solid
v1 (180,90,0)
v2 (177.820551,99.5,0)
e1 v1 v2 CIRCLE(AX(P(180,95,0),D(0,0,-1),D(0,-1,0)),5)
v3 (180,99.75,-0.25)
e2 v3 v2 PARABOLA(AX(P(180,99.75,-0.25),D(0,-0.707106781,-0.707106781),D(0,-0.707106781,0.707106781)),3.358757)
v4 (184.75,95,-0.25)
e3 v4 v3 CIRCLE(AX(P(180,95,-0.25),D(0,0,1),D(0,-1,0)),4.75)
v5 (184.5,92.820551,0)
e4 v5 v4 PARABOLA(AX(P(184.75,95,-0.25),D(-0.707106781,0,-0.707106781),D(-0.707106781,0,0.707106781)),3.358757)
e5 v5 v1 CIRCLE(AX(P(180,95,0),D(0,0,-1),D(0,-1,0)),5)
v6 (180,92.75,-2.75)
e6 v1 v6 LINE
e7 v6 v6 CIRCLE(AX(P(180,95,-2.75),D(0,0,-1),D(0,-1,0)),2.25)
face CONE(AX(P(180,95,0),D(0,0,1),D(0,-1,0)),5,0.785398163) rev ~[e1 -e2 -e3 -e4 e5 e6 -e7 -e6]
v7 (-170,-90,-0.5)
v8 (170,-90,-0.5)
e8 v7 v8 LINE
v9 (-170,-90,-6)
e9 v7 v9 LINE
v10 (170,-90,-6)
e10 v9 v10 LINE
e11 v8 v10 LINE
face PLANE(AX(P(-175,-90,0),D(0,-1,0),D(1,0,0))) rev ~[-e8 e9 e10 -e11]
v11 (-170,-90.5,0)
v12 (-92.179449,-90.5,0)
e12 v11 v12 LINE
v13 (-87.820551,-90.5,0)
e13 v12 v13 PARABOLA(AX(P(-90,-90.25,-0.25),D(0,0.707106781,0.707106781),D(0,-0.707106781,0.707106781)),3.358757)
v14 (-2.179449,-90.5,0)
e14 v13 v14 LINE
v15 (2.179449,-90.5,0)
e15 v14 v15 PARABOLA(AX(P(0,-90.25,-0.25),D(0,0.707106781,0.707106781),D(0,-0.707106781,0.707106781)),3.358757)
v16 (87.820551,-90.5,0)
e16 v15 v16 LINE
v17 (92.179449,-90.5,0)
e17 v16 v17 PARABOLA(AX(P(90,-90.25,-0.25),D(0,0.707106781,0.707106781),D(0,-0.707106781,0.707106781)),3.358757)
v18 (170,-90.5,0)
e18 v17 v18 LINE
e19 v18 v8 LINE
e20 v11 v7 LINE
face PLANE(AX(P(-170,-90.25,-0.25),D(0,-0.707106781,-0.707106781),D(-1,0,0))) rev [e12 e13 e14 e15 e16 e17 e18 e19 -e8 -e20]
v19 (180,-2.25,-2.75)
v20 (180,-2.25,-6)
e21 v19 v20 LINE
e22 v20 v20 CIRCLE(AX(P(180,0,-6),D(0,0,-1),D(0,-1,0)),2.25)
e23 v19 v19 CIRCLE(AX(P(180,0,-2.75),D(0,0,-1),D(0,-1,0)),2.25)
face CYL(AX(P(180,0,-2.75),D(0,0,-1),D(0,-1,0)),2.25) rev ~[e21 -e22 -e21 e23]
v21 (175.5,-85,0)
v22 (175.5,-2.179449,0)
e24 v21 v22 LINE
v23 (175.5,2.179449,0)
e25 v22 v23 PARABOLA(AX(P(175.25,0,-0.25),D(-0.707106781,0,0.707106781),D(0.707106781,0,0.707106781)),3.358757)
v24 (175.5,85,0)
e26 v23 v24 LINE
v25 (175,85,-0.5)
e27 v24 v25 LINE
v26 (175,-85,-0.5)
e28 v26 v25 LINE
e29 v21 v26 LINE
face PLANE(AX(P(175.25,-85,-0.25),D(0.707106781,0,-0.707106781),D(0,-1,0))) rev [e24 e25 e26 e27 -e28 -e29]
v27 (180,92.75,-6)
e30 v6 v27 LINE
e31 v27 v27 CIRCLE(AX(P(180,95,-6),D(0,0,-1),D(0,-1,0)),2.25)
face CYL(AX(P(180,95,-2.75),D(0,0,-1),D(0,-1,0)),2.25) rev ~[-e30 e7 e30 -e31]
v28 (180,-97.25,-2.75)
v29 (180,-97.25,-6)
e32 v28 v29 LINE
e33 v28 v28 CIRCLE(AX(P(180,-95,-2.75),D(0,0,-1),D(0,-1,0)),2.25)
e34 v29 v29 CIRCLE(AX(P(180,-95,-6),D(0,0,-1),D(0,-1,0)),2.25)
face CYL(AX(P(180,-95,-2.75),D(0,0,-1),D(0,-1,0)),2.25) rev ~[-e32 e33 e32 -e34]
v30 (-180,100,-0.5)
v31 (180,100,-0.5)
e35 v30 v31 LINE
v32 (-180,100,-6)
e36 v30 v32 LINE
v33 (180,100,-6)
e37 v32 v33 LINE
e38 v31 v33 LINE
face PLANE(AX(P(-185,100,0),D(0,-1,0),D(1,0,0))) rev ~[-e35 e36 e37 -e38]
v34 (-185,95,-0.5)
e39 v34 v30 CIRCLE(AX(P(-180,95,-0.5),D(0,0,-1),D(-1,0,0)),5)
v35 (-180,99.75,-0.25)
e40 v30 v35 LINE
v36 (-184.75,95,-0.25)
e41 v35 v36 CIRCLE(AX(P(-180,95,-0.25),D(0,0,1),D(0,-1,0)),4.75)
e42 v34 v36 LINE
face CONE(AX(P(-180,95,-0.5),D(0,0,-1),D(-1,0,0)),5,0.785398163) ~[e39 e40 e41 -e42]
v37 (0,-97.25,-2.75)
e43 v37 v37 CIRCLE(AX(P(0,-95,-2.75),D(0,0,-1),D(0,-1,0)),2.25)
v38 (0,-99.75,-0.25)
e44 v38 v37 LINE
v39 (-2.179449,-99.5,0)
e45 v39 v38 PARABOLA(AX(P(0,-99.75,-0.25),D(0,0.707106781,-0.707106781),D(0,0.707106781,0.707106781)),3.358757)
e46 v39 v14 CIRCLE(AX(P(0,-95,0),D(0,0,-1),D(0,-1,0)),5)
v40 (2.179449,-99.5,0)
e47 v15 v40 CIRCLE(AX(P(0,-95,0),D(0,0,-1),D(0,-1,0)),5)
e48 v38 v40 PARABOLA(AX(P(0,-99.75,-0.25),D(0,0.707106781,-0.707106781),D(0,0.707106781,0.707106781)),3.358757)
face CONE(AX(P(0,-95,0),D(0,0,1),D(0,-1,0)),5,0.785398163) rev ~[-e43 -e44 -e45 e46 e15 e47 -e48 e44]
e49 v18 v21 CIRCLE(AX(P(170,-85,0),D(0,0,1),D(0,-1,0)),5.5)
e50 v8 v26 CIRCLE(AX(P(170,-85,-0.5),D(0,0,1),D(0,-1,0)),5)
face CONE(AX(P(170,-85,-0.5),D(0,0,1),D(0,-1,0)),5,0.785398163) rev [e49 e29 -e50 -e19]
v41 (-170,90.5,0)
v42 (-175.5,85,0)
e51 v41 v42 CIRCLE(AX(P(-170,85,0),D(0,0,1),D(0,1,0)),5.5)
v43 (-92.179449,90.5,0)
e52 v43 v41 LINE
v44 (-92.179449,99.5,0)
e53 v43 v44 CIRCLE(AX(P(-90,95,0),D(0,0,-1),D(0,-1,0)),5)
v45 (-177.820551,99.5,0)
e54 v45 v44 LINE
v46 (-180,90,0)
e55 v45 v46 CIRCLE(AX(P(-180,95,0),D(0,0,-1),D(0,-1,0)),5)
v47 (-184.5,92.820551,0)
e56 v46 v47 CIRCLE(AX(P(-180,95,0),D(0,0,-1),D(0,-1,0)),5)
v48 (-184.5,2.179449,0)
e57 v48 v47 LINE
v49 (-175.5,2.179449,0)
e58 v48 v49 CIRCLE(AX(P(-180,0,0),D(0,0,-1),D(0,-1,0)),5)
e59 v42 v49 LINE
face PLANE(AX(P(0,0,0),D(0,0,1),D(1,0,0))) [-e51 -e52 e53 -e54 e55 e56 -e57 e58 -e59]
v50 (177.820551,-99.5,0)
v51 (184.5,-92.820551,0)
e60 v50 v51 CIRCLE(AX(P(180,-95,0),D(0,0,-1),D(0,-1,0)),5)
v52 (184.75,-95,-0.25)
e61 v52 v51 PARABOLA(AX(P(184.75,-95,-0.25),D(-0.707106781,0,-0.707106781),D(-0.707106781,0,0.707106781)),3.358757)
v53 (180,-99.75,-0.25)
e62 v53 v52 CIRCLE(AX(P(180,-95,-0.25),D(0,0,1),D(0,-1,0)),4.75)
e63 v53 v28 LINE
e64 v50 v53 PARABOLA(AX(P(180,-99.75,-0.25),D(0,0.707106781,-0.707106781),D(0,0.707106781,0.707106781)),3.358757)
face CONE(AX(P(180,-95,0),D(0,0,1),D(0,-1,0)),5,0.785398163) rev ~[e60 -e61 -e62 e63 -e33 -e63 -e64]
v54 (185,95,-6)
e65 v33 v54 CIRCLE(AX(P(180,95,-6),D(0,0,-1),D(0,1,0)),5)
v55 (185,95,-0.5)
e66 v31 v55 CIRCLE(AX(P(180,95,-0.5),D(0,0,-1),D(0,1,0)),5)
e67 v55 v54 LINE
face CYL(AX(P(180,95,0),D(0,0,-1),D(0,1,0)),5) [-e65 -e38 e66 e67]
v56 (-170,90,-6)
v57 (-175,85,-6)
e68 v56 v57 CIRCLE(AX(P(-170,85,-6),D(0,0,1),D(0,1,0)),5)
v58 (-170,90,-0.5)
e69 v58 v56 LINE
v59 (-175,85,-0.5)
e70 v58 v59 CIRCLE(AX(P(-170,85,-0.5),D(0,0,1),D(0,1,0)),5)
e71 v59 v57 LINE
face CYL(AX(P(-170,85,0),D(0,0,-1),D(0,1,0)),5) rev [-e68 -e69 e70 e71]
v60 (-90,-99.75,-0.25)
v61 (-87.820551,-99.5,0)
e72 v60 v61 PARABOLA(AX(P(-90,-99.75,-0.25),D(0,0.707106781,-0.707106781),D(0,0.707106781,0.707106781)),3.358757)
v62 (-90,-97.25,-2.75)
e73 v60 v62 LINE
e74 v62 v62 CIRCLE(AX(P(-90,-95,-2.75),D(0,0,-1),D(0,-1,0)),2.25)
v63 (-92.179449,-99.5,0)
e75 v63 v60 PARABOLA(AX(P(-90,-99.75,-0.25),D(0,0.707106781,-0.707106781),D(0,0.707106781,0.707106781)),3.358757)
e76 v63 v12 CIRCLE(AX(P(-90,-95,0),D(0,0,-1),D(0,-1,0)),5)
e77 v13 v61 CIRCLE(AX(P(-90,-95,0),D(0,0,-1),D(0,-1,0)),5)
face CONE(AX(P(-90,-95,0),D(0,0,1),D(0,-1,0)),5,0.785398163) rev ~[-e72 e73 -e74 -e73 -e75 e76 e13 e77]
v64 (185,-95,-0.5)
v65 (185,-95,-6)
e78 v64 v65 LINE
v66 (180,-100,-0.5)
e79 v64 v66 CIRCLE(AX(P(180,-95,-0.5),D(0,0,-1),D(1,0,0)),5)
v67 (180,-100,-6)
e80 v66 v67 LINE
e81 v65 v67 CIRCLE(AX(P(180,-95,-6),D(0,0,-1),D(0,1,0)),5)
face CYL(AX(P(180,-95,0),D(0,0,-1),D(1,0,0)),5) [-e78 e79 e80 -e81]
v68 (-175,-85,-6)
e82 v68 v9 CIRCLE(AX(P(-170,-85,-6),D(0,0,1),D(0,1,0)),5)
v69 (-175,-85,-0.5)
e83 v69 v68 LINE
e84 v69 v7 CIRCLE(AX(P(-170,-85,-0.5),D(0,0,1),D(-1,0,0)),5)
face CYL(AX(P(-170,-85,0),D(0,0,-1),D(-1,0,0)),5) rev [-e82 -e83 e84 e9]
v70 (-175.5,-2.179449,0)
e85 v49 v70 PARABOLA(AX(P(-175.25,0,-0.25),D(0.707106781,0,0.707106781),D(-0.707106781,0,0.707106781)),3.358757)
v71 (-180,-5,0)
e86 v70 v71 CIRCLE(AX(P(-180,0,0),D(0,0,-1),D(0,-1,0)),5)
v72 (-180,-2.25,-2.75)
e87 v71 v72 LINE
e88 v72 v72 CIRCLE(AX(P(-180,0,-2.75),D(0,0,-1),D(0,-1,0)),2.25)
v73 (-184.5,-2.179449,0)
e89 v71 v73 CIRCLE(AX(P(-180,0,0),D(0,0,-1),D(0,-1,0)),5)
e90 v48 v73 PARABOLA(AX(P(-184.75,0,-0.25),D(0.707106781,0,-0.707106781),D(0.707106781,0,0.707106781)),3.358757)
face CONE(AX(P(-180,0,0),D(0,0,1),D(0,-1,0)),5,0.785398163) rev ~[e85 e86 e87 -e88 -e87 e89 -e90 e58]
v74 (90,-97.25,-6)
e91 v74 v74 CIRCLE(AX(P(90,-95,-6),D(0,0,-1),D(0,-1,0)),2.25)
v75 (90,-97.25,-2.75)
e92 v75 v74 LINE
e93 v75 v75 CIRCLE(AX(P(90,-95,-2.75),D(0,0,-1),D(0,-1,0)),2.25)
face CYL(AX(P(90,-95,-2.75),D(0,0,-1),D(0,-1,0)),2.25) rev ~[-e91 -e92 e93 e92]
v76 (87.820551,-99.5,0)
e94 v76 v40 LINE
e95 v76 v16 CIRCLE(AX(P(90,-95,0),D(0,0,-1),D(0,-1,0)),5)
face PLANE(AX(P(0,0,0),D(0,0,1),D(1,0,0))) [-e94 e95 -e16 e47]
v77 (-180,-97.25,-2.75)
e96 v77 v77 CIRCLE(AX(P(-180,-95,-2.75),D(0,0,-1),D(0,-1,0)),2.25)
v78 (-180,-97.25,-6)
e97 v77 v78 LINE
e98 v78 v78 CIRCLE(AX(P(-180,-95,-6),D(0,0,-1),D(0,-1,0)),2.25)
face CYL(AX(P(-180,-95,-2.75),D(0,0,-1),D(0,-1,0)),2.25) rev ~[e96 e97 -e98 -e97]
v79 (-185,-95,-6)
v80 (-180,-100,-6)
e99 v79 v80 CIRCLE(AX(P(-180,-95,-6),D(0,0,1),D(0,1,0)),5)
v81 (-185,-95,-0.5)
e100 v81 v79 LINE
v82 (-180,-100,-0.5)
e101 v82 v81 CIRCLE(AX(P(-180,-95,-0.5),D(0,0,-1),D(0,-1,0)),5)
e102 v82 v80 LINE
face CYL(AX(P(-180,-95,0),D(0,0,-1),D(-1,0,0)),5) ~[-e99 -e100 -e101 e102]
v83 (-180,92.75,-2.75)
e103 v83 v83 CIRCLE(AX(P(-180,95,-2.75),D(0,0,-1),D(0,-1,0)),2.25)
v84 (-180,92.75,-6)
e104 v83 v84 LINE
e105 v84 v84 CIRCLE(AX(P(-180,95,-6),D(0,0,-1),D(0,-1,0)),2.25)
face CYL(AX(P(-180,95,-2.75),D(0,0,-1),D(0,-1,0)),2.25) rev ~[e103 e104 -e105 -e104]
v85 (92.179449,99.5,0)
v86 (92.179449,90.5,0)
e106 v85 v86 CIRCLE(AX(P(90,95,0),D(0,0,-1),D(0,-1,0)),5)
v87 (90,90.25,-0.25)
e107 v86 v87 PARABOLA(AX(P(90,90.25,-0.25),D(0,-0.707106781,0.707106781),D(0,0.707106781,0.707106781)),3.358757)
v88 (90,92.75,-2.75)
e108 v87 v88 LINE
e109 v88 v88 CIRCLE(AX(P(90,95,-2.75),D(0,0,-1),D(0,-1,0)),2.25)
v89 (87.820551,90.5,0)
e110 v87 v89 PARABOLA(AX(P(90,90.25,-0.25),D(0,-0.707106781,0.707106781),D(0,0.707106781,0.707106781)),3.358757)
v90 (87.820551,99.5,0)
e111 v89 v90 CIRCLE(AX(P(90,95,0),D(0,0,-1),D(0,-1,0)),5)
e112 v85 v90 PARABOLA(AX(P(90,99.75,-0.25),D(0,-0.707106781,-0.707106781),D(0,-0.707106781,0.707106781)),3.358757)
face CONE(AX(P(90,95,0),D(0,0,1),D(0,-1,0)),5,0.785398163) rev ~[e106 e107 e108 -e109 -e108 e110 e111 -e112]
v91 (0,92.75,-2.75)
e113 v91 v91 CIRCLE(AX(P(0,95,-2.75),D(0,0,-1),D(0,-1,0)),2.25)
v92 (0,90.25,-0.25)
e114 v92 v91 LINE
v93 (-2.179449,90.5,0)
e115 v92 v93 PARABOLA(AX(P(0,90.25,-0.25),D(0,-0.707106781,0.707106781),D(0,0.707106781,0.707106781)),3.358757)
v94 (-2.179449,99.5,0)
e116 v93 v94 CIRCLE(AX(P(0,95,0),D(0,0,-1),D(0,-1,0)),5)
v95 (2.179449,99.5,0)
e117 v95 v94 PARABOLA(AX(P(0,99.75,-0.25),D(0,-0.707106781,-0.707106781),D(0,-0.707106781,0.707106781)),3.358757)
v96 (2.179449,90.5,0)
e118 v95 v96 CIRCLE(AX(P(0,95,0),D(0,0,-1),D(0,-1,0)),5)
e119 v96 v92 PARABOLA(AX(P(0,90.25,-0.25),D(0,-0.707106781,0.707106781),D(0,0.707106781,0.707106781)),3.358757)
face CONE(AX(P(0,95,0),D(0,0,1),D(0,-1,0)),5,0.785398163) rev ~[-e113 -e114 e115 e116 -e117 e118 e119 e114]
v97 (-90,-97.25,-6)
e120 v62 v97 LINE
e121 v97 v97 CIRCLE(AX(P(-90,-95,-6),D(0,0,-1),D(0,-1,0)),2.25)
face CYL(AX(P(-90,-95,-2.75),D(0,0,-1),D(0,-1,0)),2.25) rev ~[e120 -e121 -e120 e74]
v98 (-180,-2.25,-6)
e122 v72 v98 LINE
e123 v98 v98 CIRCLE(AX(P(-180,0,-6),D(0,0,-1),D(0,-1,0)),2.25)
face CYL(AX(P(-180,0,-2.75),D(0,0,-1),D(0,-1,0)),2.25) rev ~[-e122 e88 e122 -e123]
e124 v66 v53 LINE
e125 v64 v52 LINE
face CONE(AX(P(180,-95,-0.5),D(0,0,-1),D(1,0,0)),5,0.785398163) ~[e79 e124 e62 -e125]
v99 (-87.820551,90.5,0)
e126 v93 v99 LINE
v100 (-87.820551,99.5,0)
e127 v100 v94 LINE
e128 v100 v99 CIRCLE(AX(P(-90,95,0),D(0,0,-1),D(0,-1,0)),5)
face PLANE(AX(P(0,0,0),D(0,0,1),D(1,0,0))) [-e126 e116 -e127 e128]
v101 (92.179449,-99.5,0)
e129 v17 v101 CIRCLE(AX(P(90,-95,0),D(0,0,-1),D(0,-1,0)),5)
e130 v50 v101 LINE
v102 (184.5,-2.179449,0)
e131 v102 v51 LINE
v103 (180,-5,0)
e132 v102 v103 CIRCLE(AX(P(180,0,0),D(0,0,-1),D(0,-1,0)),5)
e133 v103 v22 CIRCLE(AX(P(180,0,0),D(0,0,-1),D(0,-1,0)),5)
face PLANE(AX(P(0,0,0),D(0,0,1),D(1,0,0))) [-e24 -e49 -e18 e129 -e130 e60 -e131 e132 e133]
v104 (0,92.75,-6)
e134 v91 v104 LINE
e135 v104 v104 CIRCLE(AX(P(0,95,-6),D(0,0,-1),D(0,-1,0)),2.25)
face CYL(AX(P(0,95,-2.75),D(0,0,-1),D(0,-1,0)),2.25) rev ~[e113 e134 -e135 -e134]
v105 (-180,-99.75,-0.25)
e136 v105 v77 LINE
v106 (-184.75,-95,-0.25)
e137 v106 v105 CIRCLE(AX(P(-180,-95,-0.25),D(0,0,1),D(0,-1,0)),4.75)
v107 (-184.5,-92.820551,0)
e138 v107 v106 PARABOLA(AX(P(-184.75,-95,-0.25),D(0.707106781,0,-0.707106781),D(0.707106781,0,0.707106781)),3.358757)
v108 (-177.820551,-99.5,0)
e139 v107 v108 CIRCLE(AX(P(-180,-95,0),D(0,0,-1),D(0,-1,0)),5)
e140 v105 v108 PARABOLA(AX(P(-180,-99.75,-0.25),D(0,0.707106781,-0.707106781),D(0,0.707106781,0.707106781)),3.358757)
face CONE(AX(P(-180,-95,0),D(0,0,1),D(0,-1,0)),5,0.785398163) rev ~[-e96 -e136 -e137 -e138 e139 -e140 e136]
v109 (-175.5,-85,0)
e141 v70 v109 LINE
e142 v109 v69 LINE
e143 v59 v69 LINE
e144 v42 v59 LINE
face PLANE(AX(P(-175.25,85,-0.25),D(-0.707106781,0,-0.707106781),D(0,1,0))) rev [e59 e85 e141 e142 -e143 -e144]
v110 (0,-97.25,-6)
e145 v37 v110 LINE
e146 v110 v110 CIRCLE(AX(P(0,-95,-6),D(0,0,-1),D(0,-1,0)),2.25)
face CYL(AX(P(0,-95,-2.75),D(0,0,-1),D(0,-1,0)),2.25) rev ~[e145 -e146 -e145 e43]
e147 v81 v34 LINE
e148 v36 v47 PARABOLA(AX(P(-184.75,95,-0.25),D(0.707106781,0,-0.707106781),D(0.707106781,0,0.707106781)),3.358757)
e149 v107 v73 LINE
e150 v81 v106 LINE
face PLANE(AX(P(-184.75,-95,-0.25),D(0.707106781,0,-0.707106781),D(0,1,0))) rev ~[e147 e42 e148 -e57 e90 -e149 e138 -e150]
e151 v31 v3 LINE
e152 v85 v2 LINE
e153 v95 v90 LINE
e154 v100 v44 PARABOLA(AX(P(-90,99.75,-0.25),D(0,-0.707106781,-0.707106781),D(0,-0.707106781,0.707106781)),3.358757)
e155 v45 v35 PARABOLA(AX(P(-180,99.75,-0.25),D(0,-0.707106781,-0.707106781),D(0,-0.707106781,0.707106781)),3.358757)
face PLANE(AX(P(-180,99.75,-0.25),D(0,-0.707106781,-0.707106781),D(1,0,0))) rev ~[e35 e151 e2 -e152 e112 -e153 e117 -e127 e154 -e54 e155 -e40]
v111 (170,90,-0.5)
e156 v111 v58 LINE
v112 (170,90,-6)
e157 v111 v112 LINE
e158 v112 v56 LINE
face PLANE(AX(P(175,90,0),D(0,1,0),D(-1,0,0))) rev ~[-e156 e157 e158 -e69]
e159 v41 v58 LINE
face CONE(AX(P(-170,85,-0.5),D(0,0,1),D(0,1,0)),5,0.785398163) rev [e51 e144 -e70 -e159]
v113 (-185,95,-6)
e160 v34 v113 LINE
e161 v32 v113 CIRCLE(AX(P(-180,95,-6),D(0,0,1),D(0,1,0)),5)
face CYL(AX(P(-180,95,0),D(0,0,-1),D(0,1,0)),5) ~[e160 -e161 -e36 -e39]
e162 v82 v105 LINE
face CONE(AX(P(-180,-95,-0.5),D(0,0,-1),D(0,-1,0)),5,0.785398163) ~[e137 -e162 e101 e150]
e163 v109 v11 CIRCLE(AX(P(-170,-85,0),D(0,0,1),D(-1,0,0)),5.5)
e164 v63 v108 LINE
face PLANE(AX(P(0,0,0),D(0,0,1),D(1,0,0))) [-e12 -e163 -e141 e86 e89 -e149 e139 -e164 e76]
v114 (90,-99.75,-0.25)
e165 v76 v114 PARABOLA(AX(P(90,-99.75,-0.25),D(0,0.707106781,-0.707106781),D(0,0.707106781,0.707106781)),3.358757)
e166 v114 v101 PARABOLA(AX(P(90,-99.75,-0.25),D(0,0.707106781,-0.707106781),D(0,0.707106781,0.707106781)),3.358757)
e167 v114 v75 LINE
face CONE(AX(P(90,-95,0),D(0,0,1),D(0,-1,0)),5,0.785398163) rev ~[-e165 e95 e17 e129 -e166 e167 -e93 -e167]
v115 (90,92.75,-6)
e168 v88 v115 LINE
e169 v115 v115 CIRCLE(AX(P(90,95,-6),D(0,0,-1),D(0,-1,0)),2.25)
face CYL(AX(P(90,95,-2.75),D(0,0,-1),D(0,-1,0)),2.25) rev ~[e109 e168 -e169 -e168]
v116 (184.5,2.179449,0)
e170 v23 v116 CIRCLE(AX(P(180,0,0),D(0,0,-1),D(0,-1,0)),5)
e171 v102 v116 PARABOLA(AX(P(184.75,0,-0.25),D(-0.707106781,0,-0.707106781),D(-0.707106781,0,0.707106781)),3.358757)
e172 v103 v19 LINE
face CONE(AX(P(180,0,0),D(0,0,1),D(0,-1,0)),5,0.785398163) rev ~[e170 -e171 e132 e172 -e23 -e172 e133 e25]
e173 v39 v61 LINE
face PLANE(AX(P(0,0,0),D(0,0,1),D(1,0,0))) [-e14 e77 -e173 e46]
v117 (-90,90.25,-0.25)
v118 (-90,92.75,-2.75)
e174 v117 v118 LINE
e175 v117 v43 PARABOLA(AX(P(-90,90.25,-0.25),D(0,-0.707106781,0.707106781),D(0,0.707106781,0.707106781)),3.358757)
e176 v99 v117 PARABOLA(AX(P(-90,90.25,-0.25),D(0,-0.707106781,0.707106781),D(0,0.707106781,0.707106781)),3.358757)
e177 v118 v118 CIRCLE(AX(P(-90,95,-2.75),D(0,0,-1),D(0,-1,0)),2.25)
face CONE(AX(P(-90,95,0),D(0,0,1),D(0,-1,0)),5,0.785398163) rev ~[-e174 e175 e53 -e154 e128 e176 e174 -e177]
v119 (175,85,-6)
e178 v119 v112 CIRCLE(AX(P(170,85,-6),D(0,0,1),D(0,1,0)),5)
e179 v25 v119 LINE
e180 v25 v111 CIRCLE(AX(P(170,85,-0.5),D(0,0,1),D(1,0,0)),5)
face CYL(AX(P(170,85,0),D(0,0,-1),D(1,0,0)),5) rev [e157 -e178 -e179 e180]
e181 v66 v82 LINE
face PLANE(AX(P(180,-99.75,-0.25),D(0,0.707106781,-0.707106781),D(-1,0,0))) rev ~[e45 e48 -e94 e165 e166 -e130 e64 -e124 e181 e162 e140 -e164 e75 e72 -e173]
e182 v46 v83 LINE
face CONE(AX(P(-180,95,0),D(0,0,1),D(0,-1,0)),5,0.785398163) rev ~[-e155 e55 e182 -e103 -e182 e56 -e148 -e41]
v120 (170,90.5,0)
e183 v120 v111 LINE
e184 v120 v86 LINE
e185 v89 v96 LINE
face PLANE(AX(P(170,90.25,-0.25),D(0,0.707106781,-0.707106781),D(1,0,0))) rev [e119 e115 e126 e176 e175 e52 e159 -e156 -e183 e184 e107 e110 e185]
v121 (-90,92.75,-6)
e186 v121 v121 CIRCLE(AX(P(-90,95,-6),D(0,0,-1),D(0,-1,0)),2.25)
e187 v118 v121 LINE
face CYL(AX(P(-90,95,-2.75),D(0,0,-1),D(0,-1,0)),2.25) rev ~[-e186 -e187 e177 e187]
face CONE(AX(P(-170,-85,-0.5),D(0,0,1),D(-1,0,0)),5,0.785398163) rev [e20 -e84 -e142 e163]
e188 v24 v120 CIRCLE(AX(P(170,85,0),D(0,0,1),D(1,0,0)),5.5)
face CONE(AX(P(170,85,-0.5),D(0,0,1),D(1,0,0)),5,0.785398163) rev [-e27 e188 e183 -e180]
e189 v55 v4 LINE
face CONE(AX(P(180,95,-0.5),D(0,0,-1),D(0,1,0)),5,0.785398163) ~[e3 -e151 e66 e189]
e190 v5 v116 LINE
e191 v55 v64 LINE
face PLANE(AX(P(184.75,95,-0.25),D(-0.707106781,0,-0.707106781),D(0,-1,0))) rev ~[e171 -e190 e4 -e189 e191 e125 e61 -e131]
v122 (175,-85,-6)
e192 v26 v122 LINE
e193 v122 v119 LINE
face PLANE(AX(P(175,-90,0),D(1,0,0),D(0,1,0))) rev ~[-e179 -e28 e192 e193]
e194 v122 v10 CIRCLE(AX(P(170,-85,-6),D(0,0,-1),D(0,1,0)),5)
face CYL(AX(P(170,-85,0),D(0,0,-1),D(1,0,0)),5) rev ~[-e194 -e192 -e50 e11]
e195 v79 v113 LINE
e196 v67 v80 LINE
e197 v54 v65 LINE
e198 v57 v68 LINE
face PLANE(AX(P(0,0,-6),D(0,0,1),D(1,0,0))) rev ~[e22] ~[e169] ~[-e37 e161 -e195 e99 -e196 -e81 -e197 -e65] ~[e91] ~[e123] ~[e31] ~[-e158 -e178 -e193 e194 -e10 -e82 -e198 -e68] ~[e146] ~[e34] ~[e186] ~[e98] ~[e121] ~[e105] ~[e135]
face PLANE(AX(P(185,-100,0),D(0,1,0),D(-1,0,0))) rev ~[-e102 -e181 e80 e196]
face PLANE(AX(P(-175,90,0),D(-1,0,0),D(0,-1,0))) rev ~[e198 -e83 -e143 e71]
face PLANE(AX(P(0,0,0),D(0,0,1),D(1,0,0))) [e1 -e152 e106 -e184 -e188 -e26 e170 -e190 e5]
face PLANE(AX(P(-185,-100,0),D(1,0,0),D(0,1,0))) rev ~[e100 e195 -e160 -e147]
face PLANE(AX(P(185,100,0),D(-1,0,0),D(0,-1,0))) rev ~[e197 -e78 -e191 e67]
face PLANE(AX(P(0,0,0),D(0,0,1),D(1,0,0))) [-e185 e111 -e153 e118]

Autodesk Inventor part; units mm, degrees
ref_plane "YZ Plane" through (0, 0, 0) normal (1, 0, 0) x (0, 1, 0)
ref_plane "XZ Plane" through (0, 0, 0) normal (0, 1, 0) x (-1, 0, 0)
ref_plane "XY Plane" through (0, 0, 0) normal (0, 0, 1) x (1, 0, 0)
sketch "Sketch1" plane through (0, 0, 0) normal (0, 0, 1) x (1, 0, 0)
  line L0 (-259, 0) -> (259, 0) construction
  line L1 (0, -140) -> (0, 140) construction
  line L2 (-185, 100) -> (185, 100)
  line L3 (185, 100) -> (185, -100)
  line L4 (185, -100) -> (-185, -100)
  line L5 (-185, -100) -> (-185, 100)
  line L6 (175, 90) -> (-175, 90)
  line L7 (-175, 90) -> (-175, -90)
  line L8 (-175, -90) -> (175, -90)
  line L9 (175, -90) -> (175, 90)
  line L10 (-180, 95) -> (180, 95) construction
  line L11 (180, 95) -> (180, -95) construction
  line L12 (180, -95) -> (-180, -95) construction
  line L13 (-180, -95) -> (-180, 95) construction
  point P0 (0, 0)
  point P1 (0, 95)
  point P2 (180, 0)
  point P3 (0, -95)
  point P4 (-180, 0)
  point P5 (-90, 95)
  point P6 (90, 95)
  point P7 (-90, -95)
  point P8 (90, -95)
  dimension "d0" = 370
  dimension "d1" = 200
  dimension "d2" = 10
  dimension "d3" = 5
  dimension "d19" = 90
  dimension "d20" = 90
extrude "Extrusion1" add sketch "Sketch1" against normal blind 6 contours L2 L3 L4 L5 | L9 L8 L7 L6
extrude "Extrusion2" cut sketch "Sketch1" against normal blind 10 contours L9 L8 L7 L6
fillet "Fillet1" radius 5 8 edges at (-175, 90, -3) (-185, 100, -3) (185, 100, -3) (175, 90, -3) (185, -100, -3) (-185, -100, -3) (-175, -90, -3) (175, -90, -3)
chamfer "Chamfer1" distance 0.5 angle 45 16 edges at (0, 100, 0) (-183.5355, 98.5355, 0) (-185, 0, 0) (-183.5355, -98.5355, 0) (0, -100, 0) (183.5355, -98.5355, 0) (185, 0, 0) (183.5355, 98.5355, 0) (0, 90, 0) (173.5355, 88.5355, 0) (175, 0, 0) (173.5355, -88.5355, 0) (0, -90, 0) (-173.5355, -88.5355, 0) (-175, 0, 0) (-173.5355, 88.5355, 0)
hole "Hole1" at (-180, 95, 0) at (0, 95, 0) at (180, 95, 0) at (180, 0, 0) at (180, -95, 0) at (0, -95, 0) at (-180, 0, 0) at (-180, -95, 0) at (-90, 95, 0) at (90, 95, 0) at (90, -95, 0) at (-90, -95, 0) direction (0, 0, -1) diameter 4.5 end through all countersink diameter 10 countersink angle 90 clearance for "Countersunk Flat Head Hex Socket Screw ISO 10642" size "M4" standard "ISO"
equation "\"d19\" = d20"
properties part number "GRJ-04-106" material "Fenolite OR"
